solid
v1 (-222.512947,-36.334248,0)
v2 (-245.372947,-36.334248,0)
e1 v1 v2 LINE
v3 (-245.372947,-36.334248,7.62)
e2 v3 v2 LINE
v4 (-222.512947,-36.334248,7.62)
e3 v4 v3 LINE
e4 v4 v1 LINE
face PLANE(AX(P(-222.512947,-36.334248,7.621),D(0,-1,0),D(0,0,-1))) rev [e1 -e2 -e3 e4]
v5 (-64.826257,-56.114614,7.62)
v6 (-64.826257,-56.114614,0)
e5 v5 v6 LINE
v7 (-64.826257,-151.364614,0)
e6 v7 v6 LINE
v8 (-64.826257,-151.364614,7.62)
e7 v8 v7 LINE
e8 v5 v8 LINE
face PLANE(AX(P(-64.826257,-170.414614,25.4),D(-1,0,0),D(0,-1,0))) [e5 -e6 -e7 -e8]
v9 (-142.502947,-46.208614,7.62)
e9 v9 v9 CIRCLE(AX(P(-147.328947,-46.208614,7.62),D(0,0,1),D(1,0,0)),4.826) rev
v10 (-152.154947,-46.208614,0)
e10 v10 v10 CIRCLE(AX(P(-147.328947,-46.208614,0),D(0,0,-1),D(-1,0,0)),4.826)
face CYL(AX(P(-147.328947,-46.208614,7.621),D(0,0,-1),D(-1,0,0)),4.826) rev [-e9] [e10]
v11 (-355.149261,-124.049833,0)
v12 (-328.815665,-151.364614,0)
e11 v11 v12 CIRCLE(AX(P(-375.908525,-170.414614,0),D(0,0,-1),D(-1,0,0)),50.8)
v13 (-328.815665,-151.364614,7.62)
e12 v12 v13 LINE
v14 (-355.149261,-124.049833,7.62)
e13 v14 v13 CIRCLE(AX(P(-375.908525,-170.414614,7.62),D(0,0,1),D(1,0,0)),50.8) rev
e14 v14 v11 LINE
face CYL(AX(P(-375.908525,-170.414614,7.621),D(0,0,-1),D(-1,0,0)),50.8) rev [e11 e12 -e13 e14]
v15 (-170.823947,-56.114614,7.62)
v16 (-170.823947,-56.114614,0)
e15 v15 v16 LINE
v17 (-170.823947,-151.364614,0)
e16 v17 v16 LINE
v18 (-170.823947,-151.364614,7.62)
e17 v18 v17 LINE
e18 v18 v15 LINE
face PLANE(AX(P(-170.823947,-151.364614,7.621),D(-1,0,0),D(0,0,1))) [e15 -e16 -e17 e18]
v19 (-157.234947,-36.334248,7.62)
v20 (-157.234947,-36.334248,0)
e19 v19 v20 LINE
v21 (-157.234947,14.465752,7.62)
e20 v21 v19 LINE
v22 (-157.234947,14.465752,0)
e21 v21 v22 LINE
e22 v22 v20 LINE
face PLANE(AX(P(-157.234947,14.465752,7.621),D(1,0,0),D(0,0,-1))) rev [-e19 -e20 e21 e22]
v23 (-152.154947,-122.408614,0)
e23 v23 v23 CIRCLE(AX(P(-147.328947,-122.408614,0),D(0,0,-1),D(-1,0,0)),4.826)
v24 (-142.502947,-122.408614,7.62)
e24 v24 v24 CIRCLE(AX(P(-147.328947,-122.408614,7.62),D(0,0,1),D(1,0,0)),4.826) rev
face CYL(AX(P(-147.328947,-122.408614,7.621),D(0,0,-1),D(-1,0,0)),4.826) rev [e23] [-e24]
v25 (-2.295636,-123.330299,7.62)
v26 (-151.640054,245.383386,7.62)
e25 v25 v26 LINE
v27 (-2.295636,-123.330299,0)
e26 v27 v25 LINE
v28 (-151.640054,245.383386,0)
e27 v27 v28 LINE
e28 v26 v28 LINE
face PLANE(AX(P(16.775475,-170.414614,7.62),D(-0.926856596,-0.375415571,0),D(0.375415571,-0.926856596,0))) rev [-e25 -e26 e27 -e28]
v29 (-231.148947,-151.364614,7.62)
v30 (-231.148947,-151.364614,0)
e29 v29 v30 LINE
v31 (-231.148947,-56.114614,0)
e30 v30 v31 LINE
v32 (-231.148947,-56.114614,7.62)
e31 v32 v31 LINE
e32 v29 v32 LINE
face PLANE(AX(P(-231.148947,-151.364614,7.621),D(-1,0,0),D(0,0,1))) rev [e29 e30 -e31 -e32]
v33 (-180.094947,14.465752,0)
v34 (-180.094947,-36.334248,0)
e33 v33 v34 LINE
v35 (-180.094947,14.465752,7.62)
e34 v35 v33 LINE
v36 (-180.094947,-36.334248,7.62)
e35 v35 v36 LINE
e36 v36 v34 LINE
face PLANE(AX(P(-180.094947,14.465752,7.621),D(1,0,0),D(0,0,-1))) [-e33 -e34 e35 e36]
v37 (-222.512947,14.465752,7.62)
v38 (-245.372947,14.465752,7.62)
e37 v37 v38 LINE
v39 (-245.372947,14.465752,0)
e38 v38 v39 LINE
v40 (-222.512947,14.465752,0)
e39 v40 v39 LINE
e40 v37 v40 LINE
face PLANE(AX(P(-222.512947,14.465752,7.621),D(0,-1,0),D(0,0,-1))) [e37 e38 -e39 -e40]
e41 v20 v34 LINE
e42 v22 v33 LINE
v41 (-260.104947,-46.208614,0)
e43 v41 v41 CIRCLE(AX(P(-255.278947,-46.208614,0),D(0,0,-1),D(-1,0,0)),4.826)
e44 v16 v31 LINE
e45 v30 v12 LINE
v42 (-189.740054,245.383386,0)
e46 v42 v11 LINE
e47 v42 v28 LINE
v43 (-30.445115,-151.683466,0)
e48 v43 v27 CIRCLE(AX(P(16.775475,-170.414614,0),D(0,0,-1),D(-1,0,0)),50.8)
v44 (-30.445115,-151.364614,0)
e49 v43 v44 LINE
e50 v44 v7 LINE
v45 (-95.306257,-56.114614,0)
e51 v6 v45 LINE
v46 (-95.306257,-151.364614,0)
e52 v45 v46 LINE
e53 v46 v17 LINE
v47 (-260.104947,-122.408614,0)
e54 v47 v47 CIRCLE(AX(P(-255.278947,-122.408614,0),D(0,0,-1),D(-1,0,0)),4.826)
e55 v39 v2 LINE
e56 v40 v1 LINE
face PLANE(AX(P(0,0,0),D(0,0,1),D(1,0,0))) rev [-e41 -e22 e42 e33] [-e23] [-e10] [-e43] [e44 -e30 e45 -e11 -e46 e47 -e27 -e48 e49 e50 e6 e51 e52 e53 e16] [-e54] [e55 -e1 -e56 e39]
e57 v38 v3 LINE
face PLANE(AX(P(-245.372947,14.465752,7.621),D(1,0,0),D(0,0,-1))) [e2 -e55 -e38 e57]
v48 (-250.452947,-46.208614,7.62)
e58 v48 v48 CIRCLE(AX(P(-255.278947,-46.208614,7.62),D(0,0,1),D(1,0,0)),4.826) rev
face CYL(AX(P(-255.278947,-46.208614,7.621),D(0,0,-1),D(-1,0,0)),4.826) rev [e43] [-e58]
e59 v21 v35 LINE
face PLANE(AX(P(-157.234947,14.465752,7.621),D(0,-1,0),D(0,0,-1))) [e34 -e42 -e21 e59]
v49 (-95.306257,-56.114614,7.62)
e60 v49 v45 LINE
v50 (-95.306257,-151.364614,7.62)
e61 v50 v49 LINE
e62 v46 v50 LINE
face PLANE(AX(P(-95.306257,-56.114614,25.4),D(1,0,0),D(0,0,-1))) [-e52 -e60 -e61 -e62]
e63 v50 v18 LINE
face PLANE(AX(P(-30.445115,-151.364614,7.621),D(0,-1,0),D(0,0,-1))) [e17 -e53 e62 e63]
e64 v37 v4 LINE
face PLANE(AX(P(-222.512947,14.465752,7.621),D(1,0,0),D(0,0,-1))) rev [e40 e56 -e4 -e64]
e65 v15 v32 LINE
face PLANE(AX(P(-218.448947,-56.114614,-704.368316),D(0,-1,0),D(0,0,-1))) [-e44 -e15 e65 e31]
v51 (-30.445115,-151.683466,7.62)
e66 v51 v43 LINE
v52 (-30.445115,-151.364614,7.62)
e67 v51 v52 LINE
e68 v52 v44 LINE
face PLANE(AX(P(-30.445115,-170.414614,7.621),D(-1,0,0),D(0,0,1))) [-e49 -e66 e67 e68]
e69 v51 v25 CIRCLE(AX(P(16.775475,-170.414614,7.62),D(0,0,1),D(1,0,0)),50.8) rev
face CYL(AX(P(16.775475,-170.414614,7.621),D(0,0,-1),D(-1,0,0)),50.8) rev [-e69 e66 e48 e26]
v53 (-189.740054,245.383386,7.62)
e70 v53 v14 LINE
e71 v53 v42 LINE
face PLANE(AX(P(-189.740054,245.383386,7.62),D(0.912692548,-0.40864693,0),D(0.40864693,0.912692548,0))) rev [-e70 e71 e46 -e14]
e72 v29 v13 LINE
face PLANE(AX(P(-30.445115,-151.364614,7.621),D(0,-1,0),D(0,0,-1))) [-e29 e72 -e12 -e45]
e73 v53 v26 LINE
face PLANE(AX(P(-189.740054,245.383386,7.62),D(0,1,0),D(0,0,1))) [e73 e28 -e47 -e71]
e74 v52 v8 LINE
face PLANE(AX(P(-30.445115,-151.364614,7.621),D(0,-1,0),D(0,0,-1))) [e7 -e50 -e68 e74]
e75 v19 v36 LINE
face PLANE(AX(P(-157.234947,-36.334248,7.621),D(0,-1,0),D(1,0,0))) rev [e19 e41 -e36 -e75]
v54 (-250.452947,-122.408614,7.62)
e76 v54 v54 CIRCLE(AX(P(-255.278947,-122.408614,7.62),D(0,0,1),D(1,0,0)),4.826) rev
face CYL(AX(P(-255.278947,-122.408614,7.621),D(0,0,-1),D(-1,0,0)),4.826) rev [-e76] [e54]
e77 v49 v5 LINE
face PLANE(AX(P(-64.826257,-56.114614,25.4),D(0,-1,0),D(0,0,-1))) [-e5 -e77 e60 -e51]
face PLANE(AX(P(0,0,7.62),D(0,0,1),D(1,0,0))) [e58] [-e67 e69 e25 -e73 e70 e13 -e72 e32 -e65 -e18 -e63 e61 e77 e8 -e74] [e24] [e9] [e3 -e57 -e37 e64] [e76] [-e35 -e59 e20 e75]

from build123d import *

# Parameters (mm, degrees)
BOSS_EXTRUDE1_DEPTH     = 7.62
SKETCH5_R               = 15.875
CUT_EXTRUDE2_DEPTH      = 50.8
SKETCH6_R               = 15.875
CUT_EXTRUDE3_DEPTH      = 50.8
CUT_EXTRUDE4_DEPTH      = 1
CUT_EXTRUDE4_DEPTH_BACK = 7.62
CUT_EXTRUDE6_REACH      = 9.62
SKETCH9_R               = 4.826
SKETCH10_W              = 30.48
SKETCH10_H              = 114.3
CUT_EXTRUDE12_DEPTH     = 25.4
CUT_EXTRUDE14_REACH     = 9.62
SKETCH14_R              = 50.8
CUT_EXTRUDE15_REACH     = 9.62
SKETCH15_R              = 50.8
CUT_EXTRUDE17_START     = -7.62
SKETCH18_W              = 300.609514784
SKETCH18_H              = 19.05
CUT_EXTRUDE17_DEPTH     = 7.62
CUT_EXTRUDE18_REACH     = 9.62
SKETCH19_R              = 4.826
CUT_EXTRUDE19_REACH     = 9.62
SKETCH20_W              = 22.86
SKETCH20_H              = 50.8
CUT_EXTRUDE20_REACH     = 9.62
SKETCH21_W              = 12.7
SKETCH21_H              = 95.25


with BuildPart() as part:
    # Sketch2 → Boss-Extrude1 (new body)
    with BuildSketch(Plane.XY):
        Polygon((-189.740054039, 245.383385713), (-375.90852523, -170.414614287), (16.77547477, -170.414614287), (-151.640054039, 245.383385713), align=None)
    extrude(amount=BOSS_EXTRUDE1_DEPTH)

    # Sketch5 → Cut-Extrude2 (cut)
    with BuildSketch(Plane(origin=(0, 0, 0), x_dir=(-1, 0, 0), z_dir=(0, 0, -1))):
        with Locations((375.90852523, -170.414614287)):
            Circle(SKETCH5_R)
    extrude(amount=-CUT_EXTRUDE2_DEPTH, mode=Mode.SUBTRACT)

    # Sketch6 → Cut-Extrude3 (cut)
    with BuildSketch(Plane(origin=(0, 0, 0), x_dir=(-1, 0, 0), z_dir=(0, 0, -1))):
        with Locations((-16.77547477, -170.414614287)):
            Circle(SKETCH6_R)
    extrude(amount=-CUT_EXTRUDE3_DEPTH, mode=Mode.SUBTRACT)

    # Sketch8 → Cut-Extrude4 (cut, two sides)
    with BuildSketch(Plane(origin=(0, 0, 0), x_dir=(-1, 0, 0), z_dir=(0, 0, -1))) as cut_extrude4_sk:
        Polygon((218.448947474, -1130.046710402), (218.448947474, -170.414614287), (218.448947474, -56.114614287), (183.523947474, -56.114614287), (183.523947474, -170.414614287), (183.523947474, -1130.046710402), (183.523947474, -3049.310902633), (218.448947474, -3049.310902633), align=None)
    extrude(amount=CUT_EXTRUDE4_DEPTH, mode=Mode.SUBTRACT)
    extrude(cut_extrude4_sk.sketch, amount=-CUT_EXTRUDE4_DEPTH_BACK, mode=Mode.SUBTRACT)

    # Sketch9 → Cut-Extrude6 (cut, up to next)
    with BuildSketch(Plane(origin=(0, 0, 0), x_dir=(-1, 0, 0), z_dir=(0, 0, -1)), mode=Mode.PRIVATE) as cut_extrude6_sk1:
        with Locations((147.328947474, -122.408614287)):
            Circle(SKETCH9_R)
    cut_extrude6_tool1 = extrude(cut_extrude6_sk1.sketch, amount=-CUT_EXTRUDE6_REACH, mode=Mode.PRIVATE) & part.part
    add(cut_extrude6_tool1.solids().sort_by_distance((-147.328947, -122.408614, 0))[0], mode=Mode.SUBTRACT)
    # Sketch9 → Cut-Extrude6 (cut, up to next)
    with BuildSketch(Plane(origin=(0, 0, 0), x_dir=(-1, 0, 0), z_dir=(0, 0, -1)), mode=Mode.PRIVATE) as cut_extrude6_sk2:
        with Locations((255.278947474, -122.408614287)):
            Circle(SKETCH9_R)
    cut_extrude6_tool2 = extrude(cut_extrude6_sk2.sketch, amount=-CUT_EXTRUDE6_REACH, mode=Mode.PRIVATE) & part.part
    add(cut_extrude6_tool2.solids().sort_by_distance((-255.278947, -122.408614, 0))[0], mode=Mode.SUBTRACT)

    # Sketch10 → Cut-Extrude12 (cut)
    with BuildSketch(Plane(origin=(0, 0, 0), x_dir=(-1, 0, 0), z_dir=(0, 0, -1))):
        with Locations((80.066257047, -113.264614287)):
            Rectangle(SKETCH10_W, SKETCH10_H)
    extrude(amount=-CUT_EXTRUDE12_DEPTH, mode=Mode.SUBTRACT)

    # Sketch14 → Cut-Extrude14 (cut, up to next)
    with BuildSketch(Plane(origin=(0, 0, 0), x_dir=(-1, 0, 0), z_dir=(0, 0, -1)), mode=Mode.PRIVATE) as cut_extrude14_sk1:
        with Locations((-16.77547477, -170.414614287)):
            Circle(SKETCH14_R)
    cut_extrude14_tool1 = extrude(cut_extrude14_sk1.sketch, amount=-CUT_EXTRUDE14_REACH, mode=Mode.PRIVATE) & part.part
    add(cut_extrude14_tool1.solids().sort_by_distance((16.775475, -170.414614, 0))[0], mode=Mode.SUBTRACT)

    # Sketch15 → Cut-Extrude15 (cut, up to next)
    with BuildSketch(Plane(origin=(0, 0, 0), x_dir=(-1, 0, 0), z_dir=(0, 0, -1)), mode=Mode.PRIVATE) as cut_extrude15_sk1:
        with Locations((375.90852523, -170.414614287)):
            Circle(SKETCH15_R)
    cut_extrude15_tool1 = extrude(cut_extrude15_sk1.sketch, amount=-CUT_EXTRUDE15_REACH, mode=Mode.PRIVATE) & part.part
    add(cut_extrude15_tool1.solids().sort_by_distance((-375.908525, -170.414614, 0))[0], mode=Mode.SUBTRACT)

    # Sketch18 → Cut-Extrude17 (cut)
    with BuildSketch(Plane(origin=(0, 0, 0), x_dir=(-1, 0, 0), z_dir=(0, 0, -1)).offset(CUT_EXTRUDE17_START)):
        with Locations((180.749872138, -160.889614287)):
            Rectangle(SKETCH18_W, SKETCH18_H)
    extrude(amount=CUT_EXTRUDE17_DEPTH, mode=Mode.SUBTRACT)

    # Sketch19 → Cut-Extrude18 (cut, up to next)
    with BuildSketch(Plane(origin=(0, 0, 0), x_dir=(-1, 0, 0), z_dir=(0, 0, -1)), mode=Mode.PRIVATE) as cut_extrude18_sk1:
        with Locations((255.278947474, -46.208614287)):
            Circle(SKETCH19_R)
    cut_extrude18_tool1 = extrude(cut_extrude18_sk1.sketch, amount=-CUT_EXTRUDE18_REACH, mode=Mode.PRIVATE) & part.part
    add(cut_extrude18_tool1.solids().sort_by_distance((-255.278947, -46.208614, 0))[0], mode=Mode.SUBTRACT)
    # Sketch19 → Cut-Extrude18 (cut, up to next)
    with BuildSketch(Plane(origin=(0, 0, 0), x_dir=(-1, 0, 0), z_dir=(0, 0, -1)), mode=Mode.PRIVATE) as cut_extrude18_sk2:
        with Locations((147.328947474, -46.208614287)):
            Circle(SKETCH19_R)
    cut_extrude18_tool2 = extrude(cut_extrude18_sk2.sketch, amount=-CUT_EXTRUDE18_REACH, mode=Mode.PRIVATE) & part.part
    add(cut_extrude18_tool2.solids().sort_by_distance((-147.328947, -46.208614, 0))[0], mode=Mode.SUBTRACT)

    # Sketch20 → Cut-Extrude19 (cut, up to next)
    with BuildSketch(Plane(origin=(0, 0, 0), x_dir=(-1, 0, 0), z_dir=(0, 0, -1)), mode=Mode.PRIVATE) as cut_extrude19_sk1:
        with Locations((168.664947474, -10.934247938)):
            Rectangle(SKETCH20_W, SKETCH20_H)
    cut_extrude19_tool1 = extrude(cut_extrude19_sk1.sketch, amount=-CUT_EXTRUDE19_REACH, mode=Mode.PRIVATE) & part.part
    add(cut_extrude19_tool1.solids().sort_by_distance((-168.664947, -10.934248, 0))[0], mode=Mode.SUBTRACT)
    # Sketch20 → Cut-Extrude19 (cut, up to next)
    with BuildSketch(Plane(origin=(0, 0, 0), x_dir=(-1, 0, 0), z_dir=(0, 0, -1)), mode=Mode.PRIVATE) as cut_extrude19_sk2:
        with Locations((233.942947474, -10.934247938)):
            Rectangle(SKETCH20_W, SKETCH20_H)
    cut_extrude19_tool2 = extrude(cut_extrude19_sk2.sketch, amount=-CUT_EXTRUDE19_REACH, mode=Mode.PRIVATE) & part.part
    add(cut_extrude19_tool2.solids().sort_by_distance((-233.942947, -10.934248, 0))[0], mode=Mode.SUBTRACT)

    # Sketch21 → Cut-Extrude20 (cut, up to next)
    with BuildSketch(Plane(origin=(0, 0, 0), x_dir=(-1, 0, 0), z_dir=(0, 0, -1)), mode=Mode.PRIVATE) as cut_extrude20_sk1:
        with Locations((224.798947474, -103.739614287)):
            Rectangle(SKETCH21_W, SKETCH21_H)
    cut_extrude20_tool1 = extrude(cut_extrude20_sk1.sketch, amount=-CUT_EXTRUDE20_REACH, mode=Mode.PRIVATE) & part.part
    add(cut_extrude20_tool1.solids().sort_by_distance((-224.798947, -103.739614, 0))[0], mode=Mode.SUBTRACT)
    # Sketch21 → Cut-Extrude20 (cut, up to next)
    with BuildSketch(Plane(origin=(0, 0, 0), x_dir=(-1, 0, 0), z_dir=(0, 0, -1)), mode=Mode.PRIVATE) as cut_extrude20_sk2:
        with Locations((177.173947474, -103.739614287)):
            Rectangle(SKETCH21_W, SKETCH21_H)
    cut_extrude20_tool2 = extrude(cut_extrude20_sk2.sketch, amount=-CUT_EXTRUDE20_REACH, mode=Mode.PRIVATE) & part.part
    add(cut_extrude20_tool2.solids().sort_by_distance((-177.173947, -103.739614, 0))[0], mode=Mode.SUBTRACT)


solid = part.part
